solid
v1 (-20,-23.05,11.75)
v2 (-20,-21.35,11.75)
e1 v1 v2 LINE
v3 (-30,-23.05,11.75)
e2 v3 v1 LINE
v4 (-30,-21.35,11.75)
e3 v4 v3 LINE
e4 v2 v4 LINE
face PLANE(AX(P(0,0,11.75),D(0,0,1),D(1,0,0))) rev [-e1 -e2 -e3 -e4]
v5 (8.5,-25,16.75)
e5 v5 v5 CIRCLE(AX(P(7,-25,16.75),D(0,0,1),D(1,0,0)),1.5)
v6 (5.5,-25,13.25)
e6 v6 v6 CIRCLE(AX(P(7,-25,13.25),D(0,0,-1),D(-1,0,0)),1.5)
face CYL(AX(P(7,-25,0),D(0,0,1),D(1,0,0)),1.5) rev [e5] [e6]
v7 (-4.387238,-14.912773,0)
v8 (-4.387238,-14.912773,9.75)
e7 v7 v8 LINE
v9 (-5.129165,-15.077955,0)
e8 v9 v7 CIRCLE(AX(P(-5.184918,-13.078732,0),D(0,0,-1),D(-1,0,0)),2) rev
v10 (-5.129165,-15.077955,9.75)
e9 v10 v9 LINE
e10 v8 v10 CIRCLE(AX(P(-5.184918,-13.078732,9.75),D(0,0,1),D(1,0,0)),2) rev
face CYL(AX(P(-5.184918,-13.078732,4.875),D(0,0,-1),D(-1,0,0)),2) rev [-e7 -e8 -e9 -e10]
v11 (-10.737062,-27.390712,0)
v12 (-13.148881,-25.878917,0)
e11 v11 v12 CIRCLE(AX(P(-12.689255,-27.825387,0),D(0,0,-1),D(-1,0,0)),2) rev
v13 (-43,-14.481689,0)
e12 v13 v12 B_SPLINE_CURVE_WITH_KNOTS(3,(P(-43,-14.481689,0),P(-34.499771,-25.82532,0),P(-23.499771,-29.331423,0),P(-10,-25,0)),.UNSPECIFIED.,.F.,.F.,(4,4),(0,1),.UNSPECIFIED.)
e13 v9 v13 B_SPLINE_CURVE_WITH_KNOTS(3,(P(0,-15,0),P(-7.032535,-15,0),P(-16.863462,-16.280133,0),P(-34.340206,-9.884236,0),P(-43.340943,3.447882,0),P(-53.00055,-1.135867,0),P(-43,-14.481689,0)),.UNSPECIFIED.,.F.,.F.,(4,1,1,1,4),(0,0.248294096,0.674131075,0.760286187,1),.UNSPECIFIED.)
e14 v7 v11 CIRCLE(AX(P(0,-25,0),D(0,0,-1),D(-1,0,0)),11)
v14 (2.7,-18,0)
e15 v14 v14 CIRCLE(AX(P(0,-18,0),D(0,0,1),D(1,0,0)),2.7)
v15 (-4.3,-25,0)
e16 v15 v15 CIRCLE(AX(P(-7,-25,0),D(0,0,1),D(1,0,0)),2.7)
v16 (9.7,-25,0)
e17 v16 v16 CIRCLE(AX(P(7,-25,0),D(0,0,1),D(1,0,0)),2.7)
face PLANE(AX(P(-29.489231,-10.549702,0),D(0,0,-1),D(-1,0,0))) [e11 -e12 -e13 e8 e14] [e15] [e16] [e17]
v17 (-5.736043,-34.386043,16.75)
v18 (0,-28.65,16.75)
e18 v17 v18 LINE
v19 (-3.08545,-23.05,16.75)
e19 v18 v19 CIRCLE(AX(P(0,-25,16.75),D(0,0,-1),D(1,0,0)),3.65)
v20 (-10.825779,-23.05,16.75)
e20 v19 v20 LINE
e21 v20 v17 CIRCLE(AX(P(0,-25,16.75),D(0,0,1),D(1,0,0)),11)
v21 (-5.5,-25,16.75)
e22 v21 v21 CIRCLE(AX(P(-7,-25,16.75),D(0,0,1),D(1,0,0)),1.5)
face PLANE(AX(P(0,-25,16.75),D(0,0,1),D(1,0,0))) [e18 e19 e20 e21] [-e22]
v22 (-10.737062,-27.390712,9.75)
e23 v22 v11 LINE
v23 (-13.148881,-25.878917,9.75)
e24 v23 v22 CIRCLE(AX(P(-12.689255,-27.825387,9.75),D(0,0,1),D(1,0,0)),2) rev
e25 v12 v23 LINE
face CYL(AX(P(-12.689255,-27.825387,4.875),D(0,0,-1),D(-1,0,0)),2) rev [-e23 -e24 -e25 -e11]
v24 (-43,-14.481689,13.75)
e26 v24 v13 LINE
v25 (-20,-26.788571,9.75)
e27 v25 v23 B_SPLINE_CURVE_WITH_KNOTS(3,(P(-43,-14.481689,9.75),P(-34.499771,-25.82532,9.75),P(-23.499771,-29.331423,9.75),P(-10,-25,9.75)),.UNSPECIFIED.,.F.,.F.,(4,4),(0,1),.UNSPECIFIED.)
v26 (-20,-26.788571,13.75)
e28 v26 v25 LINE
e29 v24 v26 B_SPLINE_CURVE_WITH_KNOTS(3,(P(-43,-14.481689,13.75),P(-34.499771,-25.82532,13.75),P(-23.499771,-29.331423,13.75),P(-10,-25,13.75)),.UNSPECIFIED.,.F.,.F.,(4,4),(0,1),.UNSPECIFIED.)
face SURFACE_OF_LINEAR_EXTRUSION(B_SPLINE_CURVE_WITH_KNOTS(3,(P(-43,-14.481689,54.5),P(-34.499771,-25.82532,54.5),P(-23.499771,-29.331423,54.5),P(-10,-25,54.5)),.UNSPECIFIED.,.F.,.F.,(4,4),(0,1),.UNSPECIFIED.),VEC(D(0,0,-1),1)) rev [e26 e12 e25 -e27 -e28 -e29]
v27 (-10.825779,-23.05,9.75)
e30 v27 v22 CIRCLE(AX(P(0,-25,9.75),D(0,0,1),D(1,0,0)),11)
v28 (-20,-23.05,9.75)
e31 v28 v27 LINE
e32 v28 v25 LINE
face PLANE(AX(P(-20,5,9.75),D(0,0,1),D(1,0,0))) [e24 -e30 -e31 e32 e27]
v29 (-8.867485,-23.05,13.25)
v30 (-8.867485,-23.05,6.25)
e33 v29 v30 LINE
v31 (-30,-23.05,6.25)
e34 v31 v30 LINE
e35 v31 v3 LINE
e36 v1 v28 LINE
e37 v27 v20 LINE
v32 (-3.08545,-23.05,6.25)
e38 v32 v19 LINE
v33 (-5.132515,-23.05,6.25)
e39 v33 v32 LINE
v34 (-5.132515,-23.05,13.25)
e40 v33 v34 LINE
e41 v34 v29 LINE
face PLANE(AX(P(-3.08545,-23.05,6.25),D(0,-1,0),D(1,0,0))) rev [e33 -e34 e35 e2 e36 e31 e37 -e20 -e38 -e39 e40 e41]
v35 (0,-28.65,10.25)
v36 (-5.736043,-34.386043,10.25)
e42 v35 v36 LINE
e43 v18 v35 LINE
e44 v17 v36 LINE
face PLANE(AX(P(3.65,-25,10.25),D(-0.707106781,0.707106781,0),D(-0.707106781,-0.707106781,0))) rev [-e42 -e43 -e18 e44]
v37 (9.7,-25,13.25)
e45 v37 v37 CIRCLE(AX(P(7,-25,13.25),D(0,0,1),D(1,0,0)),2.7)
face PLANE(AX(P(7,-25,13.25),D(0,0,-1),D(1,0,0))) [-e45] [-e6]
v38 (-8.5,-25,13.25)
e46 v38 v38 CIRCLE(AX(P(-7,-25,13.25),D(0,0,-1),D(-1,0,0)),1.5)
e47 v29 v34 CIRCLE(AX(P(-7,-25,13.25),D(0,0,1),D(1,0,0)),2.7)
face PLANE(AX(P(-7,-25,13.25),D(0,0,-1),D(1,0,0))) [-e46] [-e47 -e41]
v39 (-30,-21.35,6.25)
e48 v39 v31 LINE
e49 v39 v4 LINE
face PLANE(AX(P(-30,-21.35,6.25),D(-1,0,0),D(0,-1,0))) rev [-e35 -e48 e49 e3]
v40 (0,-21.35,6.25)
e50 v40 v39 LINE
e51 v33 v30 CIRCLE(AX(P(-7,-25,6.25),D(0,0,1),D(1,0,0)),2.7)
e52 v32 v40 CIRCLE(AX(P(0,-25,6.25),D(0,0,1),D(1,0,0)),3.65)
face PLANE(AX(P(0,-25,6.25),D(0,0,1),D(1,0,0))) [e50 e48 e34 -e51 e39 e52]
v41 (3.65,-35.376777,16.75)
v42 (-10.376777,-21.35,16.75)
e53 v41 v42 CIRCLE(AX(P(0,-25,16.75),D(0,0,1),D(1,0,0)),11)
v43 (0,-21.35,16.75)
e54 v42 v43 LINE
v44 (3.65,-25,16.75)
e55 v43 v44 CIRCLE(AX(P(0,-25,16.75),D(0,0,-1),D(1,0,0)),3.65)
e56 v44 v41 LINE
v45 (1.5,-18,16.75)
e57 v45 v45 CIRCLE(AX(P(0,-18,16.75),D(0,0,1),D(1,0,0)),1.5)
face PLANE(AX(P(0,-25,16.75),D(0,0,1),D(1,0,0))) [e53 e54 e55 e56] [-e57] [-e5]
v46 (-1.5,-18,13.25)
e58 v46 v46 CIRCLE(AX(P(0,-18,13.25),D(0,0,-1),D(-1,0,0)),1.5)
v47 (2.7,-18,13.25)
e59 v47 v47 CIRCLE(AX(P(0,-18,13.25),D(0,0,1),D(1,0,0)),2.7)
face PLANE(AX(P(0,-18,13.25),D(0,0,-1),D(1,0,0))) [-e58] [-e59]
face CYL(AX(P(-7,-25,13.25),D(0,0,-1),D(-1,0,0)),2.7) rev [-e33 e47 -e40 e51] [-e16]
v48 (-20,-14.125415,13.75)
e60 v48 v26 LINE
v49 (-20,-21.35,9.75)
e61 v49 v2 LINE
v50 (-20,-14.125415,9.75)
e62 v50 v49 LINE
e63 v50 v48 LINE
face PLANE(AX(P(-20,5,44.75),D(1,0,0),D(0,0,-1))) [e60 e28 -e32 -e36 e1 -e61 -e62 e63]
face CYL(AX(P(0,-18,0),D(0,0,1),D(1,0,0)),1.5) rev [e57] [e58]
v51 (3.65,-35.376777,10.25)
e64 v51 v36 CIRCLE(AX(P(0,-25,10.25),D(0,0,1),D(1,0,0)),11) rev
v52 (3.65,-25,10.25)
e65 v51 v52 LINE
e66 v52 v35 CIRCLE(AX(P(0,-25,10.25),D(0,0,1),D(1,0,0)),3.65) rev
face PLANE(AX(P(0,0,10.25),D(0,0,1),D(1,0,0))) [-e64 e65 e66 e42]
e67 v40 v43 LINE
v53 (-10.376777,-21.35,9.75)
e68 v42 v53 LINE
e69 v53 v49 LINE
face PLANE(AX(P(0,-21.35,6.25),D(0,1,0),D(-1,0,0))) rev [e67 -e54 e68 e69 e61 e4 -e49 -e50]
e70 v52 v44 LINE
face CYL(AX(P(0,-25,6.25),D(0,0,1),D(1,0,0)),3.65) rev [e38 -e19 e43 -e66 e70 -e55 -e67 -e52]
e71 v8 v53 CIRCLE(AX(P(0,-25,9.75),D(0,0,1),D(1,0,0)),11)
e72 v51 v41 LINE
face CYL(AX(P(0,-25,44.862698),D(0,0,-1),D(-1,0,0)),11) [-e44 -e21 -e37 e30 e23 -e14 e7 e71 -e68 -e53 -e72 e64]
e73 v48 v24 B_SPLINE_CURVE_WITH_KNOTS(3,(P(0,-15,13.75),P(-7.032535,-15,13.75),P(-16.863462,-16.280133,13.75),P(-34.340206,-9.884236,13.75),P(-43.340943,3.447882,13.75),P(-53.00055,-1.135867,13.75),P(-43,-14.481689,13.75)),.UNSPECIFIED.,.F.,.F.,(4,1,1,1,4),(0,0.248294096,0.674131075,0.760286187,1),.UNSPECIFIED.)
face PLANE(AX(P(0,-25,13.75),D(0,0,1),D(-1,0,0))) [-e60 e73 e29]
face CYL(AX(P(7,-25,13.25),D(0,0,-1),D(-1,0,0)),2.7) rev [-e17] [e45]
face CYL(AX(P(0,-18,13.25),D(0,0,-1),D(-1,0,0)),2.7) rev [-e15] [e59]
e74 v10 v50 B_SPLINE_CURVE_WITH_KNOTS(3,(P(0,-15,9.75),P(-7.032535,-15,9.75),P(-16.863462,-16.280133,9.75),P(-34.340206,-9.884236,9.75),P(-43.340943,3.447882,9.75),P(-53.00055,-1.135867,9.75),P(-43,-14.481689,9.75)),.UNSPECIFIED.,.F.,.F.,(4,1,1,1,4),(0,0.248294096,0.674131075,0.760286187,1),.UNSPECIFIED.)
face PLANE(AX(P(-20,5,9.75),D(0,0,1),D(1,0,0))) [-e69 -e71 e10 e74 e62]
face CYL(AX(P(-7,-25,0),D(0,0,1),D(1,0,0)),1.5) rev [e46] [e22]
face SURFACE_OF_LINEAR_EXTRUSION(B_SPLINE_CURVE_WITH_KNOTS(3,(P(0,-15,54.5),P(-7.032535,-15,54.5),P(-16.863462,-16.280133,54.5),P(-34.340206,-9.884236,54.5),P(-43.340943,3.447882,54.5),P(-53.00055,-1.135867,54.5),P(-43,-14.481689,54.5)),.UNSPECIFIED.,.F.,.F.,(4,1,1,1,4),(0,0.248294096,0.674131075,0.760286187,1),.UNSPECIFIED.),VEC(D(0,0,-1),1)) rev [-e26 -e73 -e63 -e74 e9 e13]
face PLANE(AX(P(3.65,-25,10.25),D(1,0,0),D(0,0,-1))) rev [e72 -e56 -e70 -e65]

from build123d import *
from build123d.topology import SkipClean

# Parameters (mm, degrees)
EXTRUDE_2_DEPTH          = 54.5
CUT_EXTRUDE_2_DEPTH      = 5
CUT_EXTRUDE_2_DEPTH_BACK = 81.677691421
SKETCH_4_W               = 30
SKETCH_4_H               = 35
EXTRUDE_START            = 4
SKETCH_6_R               = 10
EXTRUDE_3_DEPTH          = 4
SKETCH_8_R               = 2.7
CUT_EXTRUDE_4_DEPTH      = 13.25
SKETCH_5_R               = 1.5
CUT_EXTRUDE_5_DEPTH      = 81.677691421
SKETCH_9_W               = 76.47752339
SKETCH_9_H               = 44.622986838
CUT_EXTRUDE_6_DEPTH      = 40.75
EXTRUDE_5_REACH          = 63.055
SKETCH_14_R              = 11
SKETCH_14_R_2            = 10
CUT_EXTRUDE_7_DEPTH      = 7.5
SKETCH_12_W              = 10
SKETCH_12_H              = 1.7
EXTRUDE_4_DEPTH          = 2
CUT_EXTRUDE_8_DEPTH      = 3.5
FILLET_1_R               = 2
EXTRUDE_START_2          = 3
SKETCH_18_R              = 1.5
EXTRUDE_7_DEPTH          = 3


with BuildPart() as part:
    # 草图3 → 凸台-拉伸2 (new body)
    with BuildSketch(Plane.XY):
        with BuildLine():
            ThreePointArc((-10, -25), (0, -35), (10, -25))
            ThreePointArc((10, -25), (7.071067812, -17.928932188), (0, -15))
            add(Edge.make_bspline(
                [(0, -15), (-7.032534543, -15), (-16.863462039, -16.280132804), (-34.340206182, -9.884235843), (-43.340942555, 3.447882034), (-53.000550404, -1.13586724), (-43, -14.48168932)],
                knots=[0, 0, 0, 0, 0.248294096, 0.674131075, 0.760286187, 1, 1, 1, 1], degree=3))
            add(Edge.make_bspline(
                [(-10, -25), (-23.499770802, -29.331423174), (-34.499770802, -25.825319614), (-43, -14.48168932)],
                knots=[0, 0, 0, 0, 1, 1, 1, 1], degree=3))
        make_face()
    extrude(amount=EXTRUDE_2_DEPTH)

    # 草图4 → 切除-拉伸2 (cut, two sides: drawn at the far end of the back side and taken through both)
    with BuildSketch(Plane(origin=(0, 0, 0), x_dir=(1, 0, 0), z_dir=(0, 1, 0)).offset(-CUT_EXTRUDE_2_DEPTH_BACK)):
        with Locations((-5, -27.25)):
            Rectangle(SKETCH_4_W, SKETCH_4_H)
    extrude(amount=CUT_EXTRUDE_2_DEPTH + CUT_EXTRUDE_2_DEPTH_BACK, mode=Mode.SUBTRACT)

    # 草图6 → 凸台-拉伸3 (add)
    with BuildSketch(Plane(origin=(0, 0, 44.75), x_dir=(-1, 0, 0), z_dir=(0, 0, -1)).offset(EXTRUDE_START)):
        with Locations((0, -25)):
            Circle(SKETCH_6_R)
    extrude_3 = extrude(amount=-EXTRUDE_3_DEPTH)

    # 草图8 → 切除-拉伸4 (cut)
    with BuildSketch(Plane.XY.offset(54.5)):
        with Locations((-7, -25)):
            Circle(SKETCH_8_R)
        with Locations((0, -18)):
            Circle(SKETCH_8_R)
        with Locations((7, -25)):
            Circle(SKETCH_8_R)
    cut_extrude_4 = extrude(amount=-CUT_EXTRUDE_4_DEPTH, mode=Mode.SUBTRACT)

    # 镜向2: 凸台-拉伸3, 切除-拉伸4 across plane
    add(extrude_3.mirror(Plane(origin=(0, 0, 27.25), x_dir=(1, 0, 0), z_dir=(0, 0, -1))))
    add(cut_extrude_4.mirror(Plane(origin=(0, 0, 27.25), x_dir=(1, 0, 0), z_dir=(0, 0, -1))), mode=Mode.SUBTRACT)

    # 草图5 → 切除-拉伸5 (cut, through all)
    with BuildSketch(Plane.XY.offset(54.5)):
        with Locations((0, -18)):
            Circle(SKETCH_5_R)
        with Locations((7, -25)):
            Circle(SKETCH_5_R)
        with Locations((-7, -25)):
            Circle(SKETCH_5_R)
    extrude(amount=-CUT_EXTRUDE_5_DEPTH, mode=Mode.SUBTRACT)

    # 草图9 → 切除-拉伸6 (cut)
    with BuildSketch(Plane.XY.offset(54.5)):
        with Locations((-20.681074519, -19.023937379)):
            Rectangle(SKETCH_9_W, SKETCH_9_H)
    extrude(amount=-CUT_EXTRUDE_6_DEPTH, mode=Mode.SUBTRACT)

    # 凸台-拉伸5: up to this face of the body (flat: up to its plane)
    extrude_5_end = Plane(part.part.faces().sort_by_distance((0, -25.168900804, 13.75))[0])
    # 草图14 → 凸台-拉伸5 (add, up to the picked face)
    with BuildSketch(Plane(origin=(0, 0, 0), x_dir=(-1, 0, 0), z_dir=(0, 0, -1)), mode=Mode.PRIVATE) as extrude_5_sk1:
        with Locations(Location((0, -25, 0), (0, 0, 358.40278085))):
            Circle(SKETCH_14_R)
        with Locations((0, -25)):
            Circle(SKETCH_14_R_2, mode=Mode.SUBTRACT)
    extrude_5_tool1 = split(extrude(extrude_5_sk1.sketch, amount=-EXTRUDE_5_REACH, mode=Mode.PRIVATE), bisect_by=extrude_5_end, keep=Keep.BOTH, mode=Mode.PRIVATE)
    add(extrude_5_tool1.solids().sort_by(Axis((10.68472, -24.702068, 0), (0, 0, 1)))[0])

    # 草图10 → 切除-拉伸7 (cut)
    with BuildSketch(Plane.XY.offset(13.75)):
        with BuildLine():
            Line((0, -21.35), (-30, -21.35))
            Line((-30, -21.35), (-30, -23.05))
            Line((-30, -23.05), (-3.085449724, -23.05))
            ThreePointArc((-3.085449724, -23.05), (1.761391495, -28.196873473), (0, -21.35))
        make_face()
    extrude(amount=-CUT_EXTRUDE_7_DEPTH, mode=Mode.SUBTRACT)

    # 草图12 → 凸台-拉伸4 (add)
    with BuildSketch(Plane.XY.offset(13.75)):
        with Locations((-25, -22.2)):
            Rectangle(SKETCH_12_W, SKETCH_12_H)
    extrude(amount=-EXTRUDE_4_DEPTH)

    # 草图15 → 切除-拉伸8 (cut)
    with BuildSketch(Plane.XY.offset(13.75)):
        Polygon((3.65, -25), (3.65, -41.029929672), (-9.565125757, -38.215125757), align=None)
    extrude(amount=-CUT_EXTRUDE_8_DEPTH, mode=Mode.SUBTRACT)

    # 圆角1
    fillet_1_edges = [part.edges().sort_by_distance(p)[0] for p in [
        (-10.995726159, -25.306604349, 4.875),
        (-4.726026293, -15.066990613, 4.875),
    ]]
    fillet(fillet_1_edges, radius=FILLET_1_R)

    # 草图18 → 凸台-拉伸7 (add)
    # profile 1 of 2: a face of its own
    with SkipClean():  # the faces are left unmerged after this step: merging them gives an invalid solid
        with BuildSketch(Plane.XY.offset(13.75).offset(EXTRUDE_START_2)):
            with BuildLine():
                Line((3.65, -25), (3.65, -35.376776956))
                ThreePointArc((3.65, -35.376776956), (7.778174593, -17.221825407), (-10.376776956, -21.35))
                Line((-10.376776956, -21.35), (0, -21.35))
                ThreePointArc((0, -21.35), (2.580939751, -22.419060249), (3.65, -25))
            make_face()
            with Locations((7, -25)):
                Circle(SKETCH_18_R, mode=Mode.SUBTRACT)
            with Locations((0, -18)):
                Circle(SKETCH_18_R, mode=Mode.SUBTRACT)
        # profile 2 of 2: a face of its own
        with BuildSketch(Plane.XY.offset(13.75).offset(EXTRUDE_START_2)):
            with BuildLine():
                Line((-5.736043248, -34.386043248), (0, -28.65))
                ThreePointArc((0, -28.65), (-3.196873473, -26.761391495), (-3.085449724, -23.05))
                Line((-3.085449724, -23.05), (-10.825779418, -23.05))
                ThreePointArc((-10.825779418, -23.05), (-10.034937052, -29.505556388), (-5.736043248, -34.386043248))
            make_face()
            with Locations((-7, -25)):
                Circle(SKETCH_18_R, mode=Mode.SUBTRACT)
        extrude(amount=-EXTRUDE_7_DEPTH)


solid = part.part
